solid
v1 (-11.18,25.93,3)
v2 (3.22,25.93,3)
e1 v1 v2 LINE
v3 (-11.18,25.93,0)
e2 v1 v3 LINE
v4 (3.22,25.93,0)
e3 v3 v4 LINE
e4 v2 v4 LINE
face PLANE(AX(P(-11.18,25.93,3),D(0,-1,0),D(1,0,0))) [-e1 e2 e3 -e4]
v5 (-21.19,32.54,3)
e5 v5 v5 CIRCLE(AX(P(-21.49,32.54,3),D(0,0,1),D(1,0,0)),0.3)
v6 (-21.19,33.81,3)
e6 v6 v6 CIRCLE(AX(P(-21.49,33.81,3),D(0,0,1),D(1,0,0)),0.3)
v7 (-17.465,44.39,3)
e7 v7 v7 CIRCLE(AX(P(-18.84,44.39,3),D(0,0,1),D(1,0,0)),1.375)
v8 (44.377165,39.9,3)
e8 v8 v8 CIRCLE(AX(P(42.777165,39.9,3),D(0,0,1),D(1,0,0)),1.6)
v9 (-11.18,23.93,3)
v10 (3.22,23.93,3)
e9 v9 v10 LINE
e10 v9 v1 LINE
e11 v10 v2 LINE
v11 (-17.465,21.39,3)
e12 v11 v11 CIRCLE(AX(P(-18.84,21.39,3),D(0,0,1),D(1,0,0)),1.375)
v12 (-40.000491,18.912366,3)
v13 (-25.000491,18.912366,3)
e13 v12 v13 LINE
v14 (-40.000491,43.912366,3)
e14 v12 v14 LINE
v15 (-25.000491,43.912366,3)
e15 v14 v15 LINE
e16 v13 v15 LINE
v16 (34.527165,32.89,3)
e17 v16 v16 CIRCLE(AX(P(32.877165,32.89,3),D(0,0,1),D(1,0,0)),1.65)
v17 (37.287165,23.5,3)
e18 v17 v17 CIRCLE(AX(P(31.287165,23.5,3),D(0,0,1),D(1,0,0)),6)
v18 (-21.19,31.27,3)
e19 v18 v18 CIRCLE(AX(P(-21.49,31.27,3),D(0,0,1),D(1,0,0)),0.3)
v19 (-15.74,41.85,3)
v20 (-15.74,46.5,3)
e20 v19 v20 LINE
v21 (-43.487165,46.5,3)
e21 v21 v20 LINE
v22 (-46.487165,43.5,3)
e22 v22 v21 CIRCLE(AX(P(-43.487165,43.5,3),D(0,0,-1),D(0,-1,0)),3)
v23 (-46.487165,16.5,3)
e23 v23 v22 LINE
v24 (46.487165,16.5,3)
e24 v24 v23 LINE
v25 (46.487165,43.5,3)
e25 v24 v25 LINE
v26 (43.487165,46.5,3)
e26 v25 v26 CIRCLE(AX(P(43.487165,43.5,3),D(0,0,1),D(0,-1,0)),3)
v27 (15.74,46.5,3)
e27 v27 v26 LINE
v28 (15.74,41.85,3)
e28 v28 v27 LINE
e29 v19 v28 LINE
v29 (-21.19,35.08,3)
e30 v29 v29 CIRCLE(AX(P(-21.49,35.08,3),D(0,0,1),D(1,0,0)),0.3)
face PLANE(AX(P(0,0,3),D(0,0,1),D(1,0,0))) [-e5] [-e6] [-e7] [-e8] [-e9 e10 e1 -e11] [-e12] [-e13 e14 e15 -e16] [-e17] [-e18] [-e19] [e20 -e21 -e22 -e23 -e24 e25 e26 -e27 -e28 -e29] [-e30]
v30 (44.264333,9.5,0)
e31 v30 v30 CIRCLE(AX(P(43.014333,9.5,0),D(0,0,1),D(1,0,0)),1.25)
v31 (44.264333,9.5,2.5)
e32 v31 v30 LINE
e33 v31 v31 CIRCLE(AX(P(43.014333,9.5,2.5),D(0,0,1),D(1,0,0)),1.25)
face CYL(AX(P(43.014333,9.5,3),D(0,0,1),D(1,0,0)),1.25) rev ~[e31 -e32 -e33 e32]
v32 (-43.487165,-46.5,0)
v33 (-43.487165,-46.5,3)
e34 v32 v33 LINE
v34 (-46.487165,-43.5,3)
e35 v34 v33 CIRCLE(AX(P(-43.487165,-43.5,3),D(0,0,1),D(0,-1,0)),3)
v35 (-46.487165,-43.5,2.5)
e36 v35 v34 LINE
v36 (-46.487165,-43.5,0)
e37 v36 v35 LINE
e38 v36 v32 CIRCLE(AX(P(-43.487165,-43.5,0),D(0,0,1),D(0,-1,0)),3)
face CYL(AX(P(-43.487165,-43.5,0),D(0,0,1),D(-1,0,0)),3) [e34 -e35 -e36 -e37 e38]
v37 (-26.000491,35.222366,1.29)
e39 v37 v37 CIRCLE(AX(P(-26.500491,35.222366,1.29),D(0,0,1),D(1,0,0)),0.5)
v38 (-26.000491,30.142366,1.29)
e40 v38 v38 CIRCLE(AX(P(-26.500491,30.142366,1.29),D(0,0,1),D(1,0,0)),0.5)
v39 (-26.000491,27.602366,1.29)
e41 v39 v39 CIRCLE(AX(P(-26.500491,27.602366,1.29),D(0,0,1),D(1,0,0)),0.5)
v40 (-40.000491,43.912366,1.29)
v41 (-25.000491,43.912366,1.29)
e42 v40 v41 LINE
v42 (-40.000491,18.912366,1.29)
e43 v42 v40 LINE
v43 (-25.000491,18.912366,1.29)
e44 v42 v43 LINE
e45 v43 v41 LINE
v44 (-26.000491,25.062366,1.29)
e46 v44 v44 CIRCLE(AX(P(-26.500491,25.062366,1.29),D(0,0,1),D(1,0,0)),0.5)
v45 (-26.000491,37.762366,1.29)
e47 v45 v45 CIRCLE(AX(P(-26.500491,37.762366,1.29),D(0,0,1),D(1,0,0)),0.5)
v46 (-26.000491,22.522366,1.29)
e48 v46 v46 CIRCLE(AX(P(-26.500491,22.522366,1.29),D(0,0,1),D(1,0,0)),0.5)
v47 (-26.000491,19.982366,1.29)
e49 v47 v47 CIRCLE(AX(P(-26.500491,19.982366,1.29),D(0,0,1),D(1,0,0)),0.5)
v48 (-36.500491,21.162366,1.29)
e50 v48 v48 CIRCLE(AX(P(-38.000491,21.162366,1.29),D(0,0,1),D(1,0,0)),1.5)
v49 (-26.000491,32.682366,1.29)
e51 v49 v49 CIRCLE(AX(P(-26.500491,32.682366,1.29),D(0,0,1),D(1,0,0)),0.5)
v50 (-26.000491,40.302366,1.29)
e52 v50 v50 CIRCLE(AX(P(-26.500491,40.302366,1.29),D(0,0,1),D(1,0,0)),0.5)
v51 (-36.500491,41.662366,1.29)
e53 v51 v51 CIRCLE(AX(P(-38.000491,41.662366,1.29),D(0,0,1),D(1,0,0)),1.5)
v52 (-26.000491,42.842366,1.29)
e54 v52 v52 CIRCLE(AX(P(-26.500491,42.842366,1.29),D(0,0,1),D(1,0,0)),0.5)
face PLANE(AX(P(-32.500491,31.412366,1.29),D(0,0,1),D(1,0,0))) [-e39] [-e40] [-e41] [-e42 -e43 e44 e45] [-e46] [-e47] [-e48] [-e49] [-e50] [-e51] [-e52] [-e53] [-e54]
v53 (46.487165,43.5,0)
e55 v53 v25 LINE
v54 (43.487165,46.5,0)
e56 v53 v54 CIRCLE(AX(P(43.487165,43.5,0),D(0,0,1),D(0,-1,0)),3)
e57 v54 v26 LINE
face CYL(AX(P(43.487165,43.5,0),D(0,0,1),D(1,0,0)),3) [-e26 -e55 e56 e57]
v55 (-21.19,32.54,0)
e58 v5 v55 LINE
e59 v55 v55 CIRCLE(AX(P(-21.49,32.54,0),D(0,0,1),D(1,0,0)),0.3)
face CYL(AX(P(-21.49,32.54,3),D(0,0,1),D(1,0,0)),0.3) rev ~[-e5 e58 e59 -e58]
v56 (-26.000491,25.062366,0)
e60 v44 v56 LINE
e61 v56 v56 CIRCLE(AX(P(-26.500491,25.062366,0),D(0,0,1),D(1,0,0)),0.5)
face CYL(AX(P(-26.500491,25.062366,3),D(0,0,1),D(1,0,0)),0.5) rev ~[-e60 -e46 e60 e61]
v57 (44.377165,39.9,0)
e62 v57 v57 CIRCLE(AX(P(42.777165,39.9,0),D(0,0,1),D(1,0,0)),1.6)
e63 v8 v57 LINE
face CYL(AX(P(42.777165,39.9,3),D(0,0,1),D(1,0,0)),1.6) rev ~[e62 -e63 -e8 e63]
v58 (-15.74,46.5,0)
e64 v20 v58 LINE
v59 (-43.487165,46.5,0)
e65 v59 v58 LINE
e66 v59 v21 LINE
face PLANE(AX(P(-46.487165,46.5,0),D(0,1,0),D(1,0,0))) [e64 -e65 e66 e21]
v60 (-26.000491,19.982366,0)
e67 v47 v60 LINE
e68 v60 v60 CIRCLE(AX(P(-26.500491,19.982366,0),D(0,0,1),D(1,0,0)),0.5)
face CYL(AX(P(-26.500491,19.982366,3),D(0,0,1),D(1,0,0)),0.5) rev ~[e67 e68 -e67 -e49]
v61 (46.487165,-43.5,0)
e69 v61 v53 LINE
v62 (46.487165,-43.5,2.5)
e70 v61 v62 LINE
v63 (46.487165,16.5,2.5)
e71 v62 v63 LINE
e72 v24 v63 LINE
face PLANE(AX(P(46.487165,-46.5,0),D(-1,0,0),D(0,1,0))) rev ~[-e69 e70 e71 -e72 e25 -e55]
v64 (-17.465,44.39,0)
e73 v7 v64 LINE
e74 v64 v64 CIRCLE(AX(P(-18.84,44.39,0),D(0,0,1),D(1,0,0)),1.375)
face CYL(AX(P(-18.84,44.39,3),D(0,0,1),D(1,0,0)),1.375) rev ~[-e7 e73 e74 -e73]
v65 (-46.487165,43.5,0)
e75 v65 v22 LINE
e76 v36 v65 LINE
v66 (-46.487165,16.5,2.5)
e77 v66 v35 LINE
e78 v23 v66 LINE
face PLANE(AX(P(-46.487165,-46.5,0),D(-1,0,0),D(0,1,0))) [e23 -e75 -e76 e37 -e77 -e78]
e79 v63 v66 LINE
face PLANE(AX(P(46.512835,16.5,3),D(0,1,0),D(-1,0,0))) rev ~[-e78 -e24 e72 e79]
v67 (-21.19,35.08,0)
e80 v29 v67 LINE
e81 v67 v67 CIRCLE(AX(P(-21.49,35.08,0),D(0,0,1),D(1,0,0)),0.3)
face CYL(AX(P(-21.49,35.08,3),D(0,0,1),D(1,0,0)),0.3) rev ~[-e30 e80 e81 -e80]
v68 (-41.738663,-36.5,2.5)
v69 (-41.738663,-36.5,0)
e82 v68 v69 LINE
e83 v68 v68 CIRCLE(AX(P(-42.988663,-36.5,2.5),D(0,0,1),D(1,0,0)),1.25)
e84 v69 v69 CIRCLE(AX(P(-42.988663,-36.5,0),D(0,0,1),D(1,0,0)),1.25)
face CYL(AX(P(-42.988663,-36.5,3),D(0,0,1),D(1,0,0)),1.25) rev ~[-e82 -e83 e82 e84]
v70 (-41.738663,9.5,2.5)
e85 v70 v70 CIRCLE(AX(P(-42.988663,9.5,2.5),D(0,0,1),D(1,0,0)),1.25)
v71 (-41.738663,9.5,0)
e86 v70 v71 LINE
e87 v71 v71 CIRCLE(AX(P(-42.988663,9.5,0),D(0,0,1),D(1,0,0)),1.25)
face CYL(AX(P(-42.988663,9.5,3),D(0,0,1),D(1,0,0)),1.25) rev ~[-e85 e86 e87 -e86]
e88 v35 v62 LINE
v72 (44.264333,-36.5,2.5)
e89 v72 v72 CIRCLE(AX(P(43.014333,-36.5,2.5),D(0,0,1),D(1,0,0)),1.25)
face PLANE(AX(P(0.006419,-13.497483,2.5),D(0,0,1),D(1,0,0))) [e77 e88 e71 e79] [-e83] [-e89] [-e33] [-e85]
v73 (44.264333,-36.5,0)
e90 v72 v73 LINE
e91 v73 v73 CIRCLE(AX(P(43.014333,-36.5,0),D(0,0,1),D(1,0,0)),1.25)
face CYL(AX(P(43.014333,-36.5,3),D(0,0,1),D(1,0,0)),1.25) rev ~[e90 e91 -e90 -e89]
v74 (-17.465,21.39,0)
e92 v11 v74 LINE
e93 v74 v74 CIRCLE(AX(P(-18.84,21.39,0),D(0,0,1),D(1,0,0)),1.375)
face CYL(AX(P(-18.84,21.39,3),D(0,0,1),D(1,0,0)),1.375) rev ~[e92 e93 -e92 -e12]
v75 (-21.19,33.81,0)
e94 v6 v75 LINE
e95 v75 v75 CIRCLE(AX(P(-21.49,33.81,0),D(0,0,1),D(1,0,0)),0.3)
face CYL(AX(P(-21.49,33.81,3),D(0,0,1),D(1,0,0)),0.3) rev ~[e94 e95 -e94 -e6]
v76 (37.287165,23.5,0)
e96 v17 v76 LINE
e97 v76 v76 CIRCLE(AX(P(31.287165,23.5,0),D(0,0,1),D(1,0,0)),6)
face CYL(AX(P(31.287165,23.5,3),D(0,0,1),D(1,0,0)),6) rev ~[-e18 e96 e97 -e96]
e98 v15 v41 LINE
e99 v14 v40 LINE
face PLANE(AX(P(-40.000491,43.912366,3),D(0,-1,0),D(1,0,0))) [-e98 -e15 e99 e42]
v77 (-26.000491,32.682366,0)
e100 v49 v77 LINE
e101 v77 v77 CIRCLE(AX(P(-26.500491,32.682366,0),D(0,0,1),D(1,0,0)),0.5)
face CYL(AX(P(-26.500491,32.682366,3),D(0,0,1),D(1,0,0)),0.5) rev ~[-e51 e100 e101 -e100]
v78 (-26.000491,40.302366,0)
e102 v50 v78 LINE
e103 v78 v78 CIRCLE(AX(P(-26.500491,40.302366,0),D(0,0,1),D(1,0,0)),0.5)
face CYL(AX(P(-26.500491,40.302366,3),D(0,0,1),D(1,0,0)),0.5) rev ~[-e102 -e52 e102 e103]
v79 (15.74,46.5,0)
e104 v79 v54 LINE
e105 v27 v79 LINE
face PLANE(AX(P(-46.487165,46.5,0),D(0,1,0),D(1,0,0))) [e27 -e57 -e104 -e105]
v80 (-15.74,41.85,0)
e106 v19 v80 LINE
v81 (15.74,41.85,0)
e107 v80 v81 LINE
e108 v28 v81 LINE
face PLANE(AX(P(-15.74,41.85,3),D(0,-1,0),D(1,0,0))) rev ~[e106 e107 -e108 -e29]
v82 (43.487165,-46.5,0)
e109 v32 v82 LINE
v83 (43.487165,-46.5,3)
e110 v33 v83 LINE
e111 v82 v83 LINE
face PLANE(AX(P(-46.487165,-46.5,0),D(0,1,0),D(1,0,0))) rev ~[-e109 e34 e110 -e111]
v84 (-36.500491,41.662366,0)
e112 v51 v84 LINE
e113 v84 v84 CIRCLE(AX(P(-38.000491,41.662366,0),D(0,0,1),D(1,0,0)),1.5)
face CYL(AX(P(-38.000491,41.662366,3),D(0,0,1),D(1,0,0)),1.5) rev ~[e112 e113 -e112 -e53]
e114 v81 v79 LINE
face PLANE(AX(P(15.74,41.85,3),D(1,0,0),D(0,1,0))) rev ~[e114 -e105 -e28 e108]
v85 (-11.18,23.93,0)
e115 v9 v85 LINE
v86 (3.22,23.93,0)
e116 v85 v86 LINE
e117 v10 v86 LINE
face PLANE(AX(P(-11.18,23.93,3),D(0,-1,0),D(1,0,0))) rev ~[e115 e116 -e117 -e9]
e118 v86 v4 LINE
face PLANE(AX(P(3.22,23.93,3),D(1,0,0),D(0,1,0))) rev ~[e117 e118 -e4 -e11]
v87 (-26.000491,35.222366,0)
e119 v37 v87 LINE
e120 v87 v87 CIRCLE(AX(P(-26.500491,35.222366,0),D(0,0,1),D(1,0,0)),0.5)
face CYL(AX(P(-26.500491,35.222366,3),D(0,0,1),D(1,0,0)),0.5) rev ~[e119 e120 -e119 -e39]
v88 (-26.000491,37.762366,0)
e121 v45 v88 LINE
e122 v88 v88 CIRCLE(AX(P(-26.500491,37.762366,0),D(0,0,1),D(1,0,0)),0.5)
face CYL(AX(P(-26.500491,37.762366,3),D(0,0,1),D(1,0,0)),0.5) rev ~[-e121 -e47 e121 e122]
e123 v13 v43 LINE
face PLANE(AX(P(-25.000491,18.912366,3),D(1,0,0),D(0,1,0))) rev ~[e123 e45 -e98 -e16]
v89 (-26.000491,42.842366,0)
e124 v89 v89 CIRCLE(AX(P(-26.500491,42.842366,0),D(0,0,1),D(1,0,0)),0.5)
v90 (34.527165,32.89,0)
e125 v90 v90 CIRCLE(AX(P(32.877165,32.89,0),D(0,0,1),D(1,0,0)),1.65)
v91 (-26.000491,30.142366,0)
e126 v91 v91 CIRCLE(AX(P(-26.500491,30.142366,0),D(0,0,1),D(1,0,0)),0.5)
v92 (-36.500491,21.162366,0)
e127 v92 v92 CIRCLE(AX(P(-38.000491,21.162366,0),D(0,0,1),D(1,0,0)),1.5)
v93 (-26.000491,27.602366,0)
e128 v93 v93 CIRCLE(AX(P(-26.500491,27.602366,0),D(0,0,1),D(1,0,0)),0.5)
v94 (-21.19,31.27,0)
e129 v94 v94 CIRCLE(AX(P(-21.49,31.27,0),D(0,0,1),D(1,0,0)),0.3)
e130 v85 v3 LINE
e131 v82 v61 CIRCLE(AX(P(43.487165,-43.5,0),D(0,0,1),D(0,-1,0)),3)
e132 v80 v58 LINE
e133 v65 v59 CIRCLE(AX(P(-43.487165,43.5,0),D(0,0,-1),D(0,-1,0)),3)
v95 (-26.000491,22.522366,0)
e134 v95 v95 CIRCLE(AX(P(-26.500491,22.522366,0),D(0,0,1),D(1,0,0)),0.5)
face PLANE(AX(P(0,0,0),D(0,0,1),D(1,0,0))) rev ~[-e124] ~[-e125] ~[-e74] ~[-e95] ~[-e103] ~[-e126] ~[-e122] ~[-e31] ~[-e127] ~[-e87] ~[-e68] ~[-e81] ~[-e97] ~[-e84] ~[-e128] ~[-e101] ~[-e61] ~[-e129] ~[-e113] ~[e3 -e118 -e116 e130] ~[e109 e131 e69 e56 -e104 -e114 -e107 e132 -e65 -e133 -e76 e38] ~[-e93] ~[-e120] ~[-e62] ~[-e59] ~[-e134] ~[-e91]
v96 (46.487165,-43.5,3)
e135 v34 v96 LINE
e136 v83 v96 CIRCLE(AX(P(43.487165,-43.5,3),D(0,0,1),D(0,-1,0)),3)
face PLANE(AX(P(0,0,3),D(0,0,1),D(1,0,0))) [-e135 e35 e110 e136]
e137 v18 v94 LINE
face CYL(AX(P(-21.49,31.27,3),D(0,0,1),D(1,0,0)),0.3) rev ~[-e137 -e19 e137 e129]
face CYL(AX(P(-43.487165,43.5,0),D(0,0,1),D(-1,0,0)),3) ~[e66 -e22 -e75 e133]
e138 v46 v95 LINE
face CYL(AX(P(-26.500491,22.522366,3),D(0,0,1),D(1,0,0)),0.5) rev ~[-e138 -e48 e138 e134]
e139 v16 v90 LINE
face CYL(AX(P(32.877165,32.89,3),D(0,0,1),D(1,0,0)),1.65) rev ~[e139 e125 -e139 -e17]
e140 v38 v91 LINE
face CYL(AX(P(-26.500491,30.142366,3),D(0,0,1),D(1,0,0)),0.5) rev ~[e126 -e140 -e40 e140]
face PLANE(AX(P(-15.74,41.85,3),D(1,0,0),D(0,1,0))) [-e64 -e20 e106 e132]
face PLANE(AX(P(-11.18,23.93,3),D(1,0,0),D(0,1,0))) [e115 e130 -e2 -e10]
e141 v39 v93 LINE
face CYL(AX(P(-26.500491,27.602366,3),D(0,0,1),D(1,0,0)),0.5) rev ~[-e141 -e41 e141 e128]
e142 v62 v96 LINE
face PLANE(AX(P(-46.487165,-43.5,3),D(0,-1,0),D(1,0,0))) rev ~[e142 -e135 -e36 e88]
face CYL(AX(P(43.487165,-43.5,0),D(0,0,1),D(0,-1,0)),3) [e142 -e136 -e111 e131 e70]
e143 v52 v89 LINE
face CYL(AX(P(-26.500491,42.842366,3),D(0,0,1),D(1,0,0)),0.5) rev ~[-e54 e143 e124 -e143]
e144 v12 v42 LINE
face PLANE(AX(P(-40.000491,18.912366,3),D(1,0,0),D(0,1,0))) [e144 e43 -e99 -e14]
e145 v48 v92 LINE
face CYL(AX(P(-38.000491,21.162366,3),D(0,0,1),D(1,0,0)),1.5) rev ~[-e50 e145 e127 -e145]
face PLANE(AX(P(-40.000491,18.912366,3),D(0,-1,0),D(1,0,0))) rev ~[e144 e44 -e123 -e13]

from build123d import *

# Parameters (mm, degrees)
SKETCH1_W           = 92.97433
SKETCH1_H           = 93
BOSS_EXTRUDE1_DEPTH = 3
FILLET1_R           = 3
SKETCH4_R           = 1.6
SKETCH4_R_2         = 1.65
CUT_EXTRUDE3_DEPTH  = 3
SKETCH2_W           = 14.4
SKETCH2_H           = 2
SKETCH2_W_2         = 31.48
SKETCH2_H_2         = 4.65
SKETCH2_R           = 1.375
SKETCH2_R_2         = 0.3
CUT_EXTRUDE5_DEPTH  = 10
SKETCH2_5_R         = 0.3
CUT_EXTRUDE6_DEPTH  = 10
SKETCH2_6_R         = 1.25
CUT_EXTRUDE7_DEPTH  = 66.820259113
SKETCH2_7_R         = 1.25
CUT_EXTRUDE8_DEPTH  = 0.5
SKETCH6_R           = 6
CUT_EXTRUDE9_DEPTH  = 66.820259113
SKETCH7_R           = 1.5
SKETCH7_R_2         = 0.5
CUT_EXTRUDE10_DEPTH = 5
SKETCH7_3_W         = 15
SKETCH7_3_H         = 25
SKETCH7_3_R         = 1.5
SKETCH7_3_R_2       = 0.5
CUT_EXTRUDE11_DEPTH = 1.71


with BuildPart() as part:
    # Sketch1 → Boss-Extrude1 (new body)
    with BuildSketch(Plane.XY):
        Rectangle(SKETCH1_W, SKETCH1_H)
    extrude(amount=BOSS_EXTRUDE1_DEPTH)

    # Fillet1
    fillet1_edges = [part.edges().sort_by_distance(p)[0] for p in [
        (-46.487165, -46.5, 1.5),
        (46.487165, -46.5, 1.5),
        (46.487165, 46.5, 1.5),
        (-46.487165, 46.5, 1.5),
    ]]
    fillet(fillet1_edges, radius=FILLET1_R)

    # Sketch4 → Cut-Extrude3 (cut)
    with BuildSketch(Plane.XY.offset(3)):
        with Locations((42.777165, 39.9)):
            Circle(SKETCH4_R)
        with Locations((32.877165, 32.89)):
            Circle(SKETCH4_R_2)
    extrude(amount=-CUT_EXTRUDE3_DEPTH, mode=Mode.SUBTRACT)

    # Sketch2 → Cut-Extrude5 (cut)
    with BuildSketch(Plane.XY.offset(3)):
        with Locations((-3.98, 24.93)):
            Rectangle(SKETCH2_W, SKETCH2_H)
        with Locations((0, 44.175)):
            Rectangle(SKETCH2_W_2, SKETCH2_H_2)
        with Locations((-18.84, 21.39)):
            Circle(SKETCH2_R)
        with Locations((-21.49, 35.08)):
            Circle(SKETCH2_R_2)
        with Locations((-18.84, 44.39)):
            Circle(SKETCH2_R)
    extrude(amount=-CUT_EXTRUDE5_DEPTH, mode=Mode.SUBTRACT)

    # Sketch2<5> → Cut-Extrude6 (cut)
    with BuildSketch(Plane.XY.offset(3)):
        with Locations((-21.49, 33.81)):
            Circle(SKETCH2_5_R)
        with Locations((-21.49, 32.54)):
            Circle(SKETCH2_5_R)
        with Locations((-21.49, 31.27)):
            Circle(SKETCH2_5_R)
    extrude(amount=-CUT_EXTRUDE6_DEPTH, mode=Mode.SUBTRACT)

    # Sketch2<6> → Cut-Extrude7 (cut, through all)
    with BuildSketch(Plane.XY.offset(3)):
        with Locations((-42.988663401, 9.5)):
            Circle(SKETCH2_6_R)
        with Locations((43.014333401, 9.5)):
            Circle(SKETCH2_6_R)
        with Locations((43.014333401, -36.5)):
            Circle(SKETCH2_6_R)
        with Locations((-42.988663401, -36.5)):
            Circle(SKETCH2_6_R)
    extrude(amount=-CUT_EXTRUDE7_DEPTH, mode=Mode.SUBTRACT)

    # Sketch2<7> → Cut-Extrude8 (cut)
    with BuildSketch(Plane.XY.offset(3)):
        Polygon((-46.487165, -13.5), (-46.487165, -43.5), (46.487165, -43.5), (46.487165, 16.5), (-46.487165, 16.5), align=None)
        with Locations((-42.988663401, -36.5)):
            Circle(SKETCH2_7_R, mode=Mode.SUBTRACT)
        with Locations((-42.988663401, 9.5)):
            Circle(SKETCH2_7_R, mode=Mode.SUBTRACT)
        with Locations((43.014333401, 9.5)):
            Circle(SKETCH2_7_R, mode=Mode.SUBTRACT)
        with Locations((43.014333401, -36.5)):
            Circle(SKETCH2_7_R, mode=Mode.SUBTRACT)
    extrude(amount=-CUT_EXTRUDE8_DEPTH, mode=Mode.SUBTRACT)

    # Sketch6 → Cut-Extrude9 (cut, through all)
    with BuildSketch(Plane.XY.offset(3)):
        with Locations((31.287165, 23.5)):
            Circle(SKETCH6_R)
    extrude(amount=-CUT_EXTRUDE9_DEPTH, mode=Mode.SUBTRACT)

    # Sketch7 → Cut-Extrude10 (cut)
    with BuildSketch(Plane.XY.offset(3)):
        with Locations((-38.00049081, 21.162365948)):
            Circle(SKETCH7_R)
        with Locations((-38.00049081, 41.662365948)):
            Circle(SKETCH7_R)
        with Locations((-26.50049081, 42.842365948)):
            Circle(SKETCH7_R_2)
        with Locations((-26.50049081, 40.302365948)):
            Circle(SKETCH7_R_2)
        with Locations((-26.50049081, 37.762365948)):
            Circle(SKETCH7_R_2)
        with Locations((-26.50049081, 35.222365948)):
            Circle(SKETCH7_R_2)
        with Locations((-26.50049081, 32.682365948)):
            Circle(SKETCH7_R_2)
        with Locations((-26.50049081, 30.142365948)):
            Circle(SKETCH7_R_2)
        with Locations((-26.50049081, 27.602365948)):
            Circle(SKETCH7_R_2)
        with Locations((-26.50049081, 25.062365948)):
            Circle(SKETCH7_R_2)
        with Locations((-26.50049081, 22.522365948)):
            Circle(SKETCH7_R_2)
        with Locations((-26.50049081, 19.982365948)):
            Circle(SKETCH7_R_2)
    extrude(amount=-CUT_EXTRUDE10_DEPTH, mode=Mode.SUBTRACT)

    # Sketch7<3> → Cut-Extrude11 (cut)
    with BuildSketch(Plane.XY.offset(3)):
        with Locations((-32.50049081, 31.412365948)):
            Rectangle(SKETCH7_3_W, SKETCH7_3_H)
        with Locations((-38.00049081, 21.162365948)):
            Circle(SKETCH7_3_R, mode=Mode.SUBTRACT)
        with Locations((-38.00049081, 41.662365948)):
            Circle(SKETCH7_3_R, mode=Mode.SUBTRACT)
        with Locations((-26.50049081, 42.842365948)):
            Circle(SKETCH7_3_R_2, mode=Mode.SUBTRACT)
        with Locations((-26.50049081, 40.302365948)):
            Circle(SKETCH7_3_R_2, mode=Mode.SUBTRACT)
        with Locations((-26.50049081, 37.762365948)):
            Circle(SKETCH7_3_R_2, mode=Mode.SUBTRACT)
        with Locations((-26.50049081, 35.222365948)):
            Circle(SKETCH7_3_R_2, mode=Mode.SUBTRACT)
        with Locations((-26.50049081, 32.682365948)):
            Circle(SKETCH7_3_R_2, mode=Mode.SUBTRACT)
        with Locations((-26.50049081, 30.142365948)):
            Circle(SKETCH7_3_R_2, mode=Mode.SUBTRACT)
        with Locations((-26.50049081, 27.602365948)):
            Circle(SKETCH7_3_R_2, mode=Mode.SUBTRACT)
        with Locations((-26.50049081, 25.062365948)):
            Circle(SKETCH7_3_R_2, mode=Mode.SUBTRACT)
        with Locations((-26.50049081, 22.522365948)):
            Circle(SKETCH7_3_R_2, mode=Mode.SUBTRACT)
        with Locations((-26.50049081, 19.982365948)):
            Circle(SKETCH7_3_R_2, mode=Mode.SUBTRACT)
    extrude(amount=-CUT_EXTRUDE11_DEPTH, mode=Mode.SUBTRACT)


solid = part.part
